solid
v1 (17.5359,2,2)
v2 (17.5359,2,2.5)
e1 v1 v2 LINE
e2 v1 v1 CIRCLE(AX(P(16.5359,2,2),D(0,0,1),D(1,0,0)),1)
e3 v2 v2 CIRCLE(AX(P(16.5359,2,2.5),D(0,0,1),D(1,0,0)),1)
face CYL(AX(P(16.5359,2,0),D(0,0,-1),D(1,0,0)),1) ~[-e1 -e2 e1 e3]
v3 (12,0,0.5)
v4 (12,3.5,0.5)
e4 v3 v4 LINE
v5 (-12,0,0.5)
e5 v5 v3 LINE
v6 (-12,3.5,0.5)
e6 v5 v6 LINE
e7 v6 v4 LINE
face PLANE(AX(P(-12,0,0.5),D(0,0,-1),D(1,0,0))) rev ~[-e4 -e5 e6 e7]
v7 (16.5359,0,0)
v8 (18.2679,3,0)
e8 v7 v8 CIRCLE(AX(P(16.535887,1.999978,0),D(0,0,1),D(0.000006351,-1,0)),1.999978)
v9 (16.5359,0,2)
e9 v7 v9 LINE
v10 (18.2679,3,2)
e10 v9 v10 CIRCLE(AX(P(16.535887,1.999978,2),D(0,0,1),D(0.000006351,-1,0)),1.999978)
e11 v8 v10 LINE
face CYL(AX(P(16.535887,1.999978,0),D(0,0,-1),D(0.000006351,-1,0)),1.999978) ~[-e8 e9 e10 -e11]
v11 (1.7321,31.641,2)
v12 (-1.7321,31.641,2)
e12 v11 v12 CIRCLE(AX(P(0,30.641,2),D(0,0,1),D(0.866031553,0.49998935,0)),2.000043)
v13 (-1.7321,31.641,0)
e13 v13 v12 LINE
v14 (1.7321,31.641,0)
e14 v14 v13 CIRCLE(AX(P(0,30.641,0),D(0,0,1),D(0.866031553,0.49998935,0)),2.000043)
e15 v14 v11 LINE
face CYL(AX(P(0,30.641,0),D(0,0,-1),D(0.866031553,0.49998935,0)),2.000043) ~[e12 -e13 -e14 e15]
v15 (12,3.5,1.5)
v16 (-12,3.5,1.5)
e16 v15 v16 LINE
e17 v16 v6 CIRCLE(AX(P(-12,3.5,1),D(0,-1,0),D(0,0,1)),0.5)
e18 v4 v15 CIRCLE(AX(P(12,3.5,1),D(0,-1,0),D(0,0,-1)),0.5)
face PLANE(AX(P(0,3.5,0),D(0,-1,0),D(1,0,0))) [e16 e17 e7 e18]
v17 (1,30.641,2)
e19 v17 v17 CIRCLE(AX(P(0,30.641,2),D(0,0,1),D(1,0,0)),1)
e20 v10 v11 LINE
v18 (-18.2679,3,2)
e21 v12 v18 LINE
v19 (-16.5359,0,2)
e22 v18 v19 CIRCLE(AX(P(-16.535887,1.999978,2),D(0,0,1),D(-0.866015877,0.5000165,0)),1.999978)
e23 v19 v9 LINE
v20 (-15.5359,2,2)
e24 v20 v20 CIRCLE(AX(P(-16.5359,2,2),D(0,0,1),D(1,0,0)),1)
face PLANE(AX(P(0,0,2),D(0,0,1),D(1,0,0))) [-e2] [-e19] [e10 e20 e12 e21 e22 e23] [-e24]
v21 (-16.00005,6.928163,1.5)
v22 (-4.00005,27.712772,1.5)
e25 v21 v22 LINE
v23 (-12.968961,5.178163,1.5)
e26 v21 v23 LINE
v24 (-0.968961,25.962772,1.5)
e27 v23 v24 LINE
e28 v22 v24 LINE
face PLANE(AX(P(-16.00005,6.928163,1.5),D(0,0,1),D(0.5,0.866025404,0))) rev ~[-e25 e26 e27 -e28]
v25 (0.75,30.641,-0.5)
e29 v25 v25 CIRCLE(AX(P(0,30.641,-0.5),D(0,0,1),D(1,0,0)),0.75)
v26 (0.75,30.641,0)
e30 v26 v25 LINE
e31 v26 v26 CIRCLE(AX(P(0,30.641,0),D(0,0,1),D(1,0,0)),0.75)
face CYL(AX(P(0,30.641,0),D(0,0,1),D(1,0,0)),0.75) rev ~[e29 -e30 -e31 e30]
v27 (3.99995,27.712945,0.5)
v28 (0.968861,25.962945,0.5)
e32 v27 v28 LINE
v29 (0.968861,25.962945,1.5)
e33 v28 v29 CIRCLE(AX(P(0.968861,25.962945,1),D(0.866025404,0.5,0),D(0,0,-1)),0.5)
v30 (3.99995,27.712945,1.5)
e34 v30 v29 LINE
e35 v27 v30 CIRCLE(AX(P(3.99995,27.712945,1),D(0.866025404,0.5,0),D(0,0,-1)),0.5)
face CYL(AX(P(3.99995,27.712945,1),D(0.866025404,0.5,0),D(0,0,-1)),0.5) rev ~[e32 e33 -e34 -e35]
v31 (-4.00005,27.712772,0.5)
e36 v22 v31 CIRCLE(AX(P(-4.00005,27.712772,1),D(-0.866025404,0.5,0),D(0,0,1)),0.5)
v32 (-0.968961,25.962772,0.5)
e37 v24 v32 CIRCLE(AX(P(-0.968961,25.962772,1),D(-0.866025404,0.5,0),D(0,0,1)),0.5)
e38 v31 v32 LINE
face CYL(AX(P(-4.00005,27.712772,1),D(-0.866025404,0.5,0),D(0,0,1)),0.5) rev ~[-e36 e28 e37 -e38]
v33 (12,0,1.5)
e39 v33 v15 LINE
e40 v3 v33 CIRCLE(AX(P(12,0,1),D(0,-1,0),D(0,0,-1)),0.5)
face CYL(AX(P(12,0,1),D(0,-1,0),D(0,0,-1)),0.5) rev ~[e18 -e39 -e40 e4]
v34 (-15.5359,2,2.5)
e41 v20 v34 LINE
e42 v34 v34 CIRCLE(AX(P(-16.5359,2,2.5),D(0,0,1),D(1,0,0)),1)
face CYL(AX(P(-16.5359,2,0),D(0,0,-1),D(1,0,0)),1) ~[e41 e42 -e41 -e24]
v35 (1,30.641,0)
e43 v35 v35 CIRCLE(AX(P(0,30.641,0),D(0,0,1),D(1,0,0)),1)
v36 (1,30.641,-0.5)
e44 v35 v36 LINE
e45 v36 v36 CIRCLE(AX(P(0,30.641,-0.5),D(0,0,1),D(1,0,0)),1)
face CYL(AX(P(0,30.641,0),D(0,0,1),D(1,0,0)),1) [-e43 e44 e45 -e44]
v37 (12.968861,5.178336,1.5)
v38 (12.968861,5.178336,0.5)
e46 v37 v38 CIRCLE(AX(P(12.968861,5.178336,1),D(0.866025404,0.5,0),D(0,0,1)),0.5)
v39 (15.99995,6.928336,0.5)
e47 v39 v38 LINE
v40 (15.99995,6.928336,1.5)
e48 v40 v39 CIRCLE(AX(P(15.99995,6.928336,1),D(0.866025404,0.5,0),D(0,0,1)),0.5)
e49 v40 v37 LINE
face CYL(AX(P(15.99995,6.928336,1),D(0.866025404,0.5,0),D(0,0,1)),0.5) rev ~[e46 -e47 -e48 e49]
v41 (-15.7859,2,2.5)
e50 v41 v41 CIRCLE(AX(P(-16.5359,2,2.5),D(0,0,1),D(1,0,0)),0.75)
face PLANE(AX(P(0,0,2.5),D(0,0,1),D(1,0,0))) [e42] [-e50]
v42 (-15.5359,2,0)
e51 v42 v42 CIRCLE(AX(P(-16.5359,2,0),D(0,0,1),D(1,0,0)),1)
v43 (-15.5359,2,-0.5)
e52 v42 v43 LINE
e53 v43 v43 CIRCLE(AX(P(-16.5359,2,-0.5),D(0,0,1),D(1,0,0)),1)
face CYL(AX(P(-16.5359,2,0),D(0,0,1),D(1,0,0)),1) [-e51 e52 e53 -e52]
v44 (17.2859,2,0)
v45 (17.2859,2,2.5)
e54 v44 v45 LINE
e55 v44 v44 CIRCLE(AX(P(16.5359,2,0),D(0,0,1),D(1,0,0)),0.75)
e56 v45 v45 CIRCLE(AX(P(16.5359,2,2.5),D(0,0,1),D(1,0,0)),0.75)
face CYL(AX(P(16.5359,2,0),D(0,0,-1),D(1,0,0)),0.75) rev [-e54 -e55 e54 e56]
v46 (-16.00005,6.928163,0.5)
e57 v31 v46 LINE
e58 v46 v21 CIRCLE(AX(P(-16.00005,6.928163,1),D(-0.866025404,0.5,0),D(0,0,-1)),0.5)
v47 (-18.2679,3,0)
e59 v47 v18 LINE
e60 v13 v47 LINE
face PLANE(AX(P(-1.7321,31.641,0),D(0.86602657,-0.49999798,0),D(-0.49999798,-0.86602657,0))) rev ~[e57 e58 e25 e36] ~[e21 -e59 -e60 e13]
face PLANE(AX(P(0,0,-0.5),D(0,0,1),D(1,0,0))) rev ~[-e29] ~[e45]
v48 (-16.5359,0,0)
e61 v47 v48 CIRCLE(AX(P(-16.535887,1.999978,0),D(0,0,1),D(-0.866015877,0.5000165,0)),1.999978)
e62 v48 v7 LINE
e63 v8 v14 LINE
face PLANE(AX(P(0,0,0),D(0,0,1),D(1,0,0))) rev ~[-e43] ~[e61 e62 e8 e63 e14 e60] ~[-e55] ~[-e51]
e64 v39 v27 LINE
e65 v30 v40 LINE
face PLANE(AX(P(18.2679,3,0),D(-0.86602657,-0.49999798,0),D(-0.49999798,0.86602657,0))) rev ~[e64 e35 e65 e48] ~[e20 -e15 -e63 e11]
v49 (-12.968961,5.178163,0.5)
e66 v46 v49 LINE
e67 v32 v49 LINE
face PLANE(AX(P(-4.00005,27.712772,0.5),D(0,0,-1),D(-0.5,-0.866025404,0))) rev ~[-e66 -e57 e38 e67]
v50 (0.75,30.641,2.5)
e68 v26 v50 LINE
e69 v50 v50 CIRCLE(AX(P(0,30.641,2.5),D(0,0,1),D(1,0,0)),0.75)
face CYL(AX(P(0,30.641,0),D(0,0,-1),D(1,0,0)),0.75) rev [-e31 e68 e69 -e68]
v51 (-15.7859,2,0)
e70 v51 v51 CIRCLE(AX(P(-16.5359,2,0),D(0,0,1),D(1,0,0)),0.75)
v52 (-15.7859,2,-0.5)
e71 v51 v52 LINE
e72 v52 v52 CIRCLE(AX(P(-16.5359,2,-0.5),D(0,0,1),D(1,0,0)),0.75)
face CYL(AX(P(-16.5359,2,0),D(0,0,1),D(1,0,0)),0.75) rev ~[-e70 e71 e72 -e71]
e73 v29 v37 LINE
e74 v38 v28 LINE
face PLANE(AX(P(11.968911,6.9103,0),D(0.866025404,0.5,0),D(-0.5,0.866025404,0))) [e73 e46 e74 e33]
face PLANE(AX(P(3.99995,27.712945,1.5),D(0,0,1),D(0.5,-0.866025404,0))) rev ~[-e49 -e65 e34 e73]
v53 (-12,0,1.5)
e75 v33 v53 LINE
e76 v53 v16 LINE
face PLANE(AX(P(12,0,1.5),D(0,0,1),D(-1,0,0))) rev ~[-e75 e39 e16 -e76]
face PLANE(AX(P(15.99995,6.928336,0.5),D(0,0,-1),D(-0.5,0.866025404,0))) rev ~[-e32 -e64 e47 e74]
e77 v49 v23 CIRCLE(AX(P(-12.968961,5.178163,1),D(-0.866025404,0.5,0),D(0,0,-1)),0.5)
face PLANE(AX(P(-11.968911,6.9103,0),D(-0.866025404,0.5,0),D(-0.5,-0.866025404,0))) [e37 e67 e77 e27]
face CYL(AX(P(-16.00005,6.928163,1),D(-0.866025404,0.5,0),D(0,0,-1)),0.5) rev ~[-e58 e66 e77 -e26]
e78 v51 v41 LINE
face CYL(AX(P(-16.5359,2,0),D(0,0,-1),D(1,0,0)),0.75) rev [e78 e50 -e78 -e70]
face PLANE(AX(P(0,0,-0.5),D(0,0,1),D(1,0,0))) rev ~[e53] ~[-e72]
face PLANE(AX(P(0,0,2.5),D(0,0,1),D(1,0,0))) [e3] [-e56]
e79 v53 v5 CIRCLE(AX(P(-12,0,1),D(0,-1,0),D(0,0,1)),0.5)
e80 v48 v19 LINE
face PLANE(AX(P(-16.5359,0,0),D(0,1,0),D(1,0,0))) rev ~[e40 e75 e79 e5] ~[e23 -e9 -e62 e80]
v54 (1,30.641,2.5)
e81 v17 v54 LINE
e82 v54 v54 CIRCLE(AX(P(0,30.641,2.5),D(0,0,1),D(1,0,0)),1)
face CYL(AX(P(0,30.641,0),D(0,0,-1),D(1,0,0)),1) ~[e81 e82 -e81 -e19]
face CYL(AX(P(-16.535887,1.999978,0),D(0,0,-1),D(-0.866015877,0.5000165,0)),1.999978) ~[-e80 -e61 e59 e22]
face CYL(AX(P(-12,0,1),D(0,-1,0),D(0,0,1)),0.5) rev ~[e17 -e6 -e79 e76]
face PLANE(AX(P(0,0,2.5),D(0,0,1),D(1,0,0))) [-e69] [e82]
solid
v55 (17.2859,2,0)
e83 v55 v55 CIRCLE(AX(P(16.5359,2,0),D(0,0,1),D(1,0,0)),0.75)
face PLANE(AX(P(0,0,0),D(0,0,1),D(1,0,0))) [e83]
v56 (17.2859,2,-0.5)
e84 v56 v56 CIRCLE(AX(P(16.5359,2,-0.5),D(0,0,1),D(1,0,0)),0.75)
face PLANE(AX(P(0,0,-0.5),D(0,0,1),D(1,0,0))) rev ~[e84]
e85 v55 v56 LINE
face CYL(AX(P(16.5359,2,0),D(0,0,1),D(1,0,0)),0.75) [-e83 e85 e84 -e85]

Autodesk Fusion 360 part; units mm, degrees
sketch "Sketch1" plane through (0, 0, 0) normal (0, 0, 1) x (1, 0, 0)
  line L0 (-16.5359, 0) -> (16.5359, 0)
  line L1 (18.2679, 3) -> (1.7321, 31.641)
  line L2 (-1.7321, 31.641) -> (-18.2679, 3)
  arc A0 (1.7321, 31.641) -> (-1.7321, 31.641) centre (0, 30.641) ccw
  arc A1 (-18.2679, 3) -> (-16.5359, 0) centre (-16.5359, 2) ccw
  arc A2 (16.5359, 0) -> (18.2679, 3) centre (16.5359, 2) ccw
  line L3 (0, 30.641) -> (0, -11) construction
  line L4 (-16.5359, 2) -> (23.2309, 24.9594) construction
  circle A3 centre (0, 30.641) radius 1
  circle A4 centre (0, 30.641) radius 0.75
  circle A5 centre (-16.5359, 2) radius 0.75
  circle A6 centre (-16.5359, 2) radius 1
  circle A7 centre (16.5359, 2) radius 0.75
  circle A8 centre (16.5359, 2) radius 1
  point P0 (0, 11.547)
  dimension "d4" = 2
  dimension "d5" = 2
  dimension "d6" = 2
  dimension "d10" = 2
  dimension "d11" = 1.5
  dimension "d13" = 360
extrude "Extrude1" add sketch "Sketch1" along normal blind 2 contours L0 L1 L2 A0 A1 A2 makes body 1
sketch "Sketch2" plane through (0, 0, 0) normal (0, -1, 0) x (1, 0, 0)
  line L0 (-16.5359, 0) -> (16.5359, 0)
  line L1 (16.5359, 0) -> (16.5359, 2)
  line L2 (16.5359, 2) -> (-16.5359, 2)
  line L3 (-16.5359, 2) -> (-16.5359, 0)
  line L4 (-12, 0.5) -> (12, 0.5)
  arc A0 (12, 0.5) -> (12, 1.5) centre (12, 1) ccw
  line L5 (12, 1.5) -> (-12, 1.5)
  arc A1 (-12, 1.5) -> (-12, 0.5) centre (-12, 1) ccw
  line L6 (-12, 1) -> (12, 1) construction
  dimension "d17" = 1
sketch "Sketch3" plane through (15, 8.6603, 0) normal (0.866, 0.5, 0) x (-0.5, 0.866, 0)
  line L0 (-6.5359, 0) -> (26.5359, 0)
  line L1 (26.5359, 0) -> (26.5359, 2)
  line L2 (26.5359, 2) -> (-6.5359, 2)
  line L3 (-6.5359, 2) -> (-6.5359, 0)
  line L4 (-1.9999, 0.5) -> (22.0001, 0.5)
  arc A0 (22.0001, 0.5) -> (22.0001, 1.5) centre (22.0001, 1) ccw
  line L5 (22.0001, 1.5) -> (-1.9999, 1.5)
  arc A1 (-1.9999, 1.5) -> (-1.9999, 0.5) centre (-1.9999, 1) ccw
  line L6 (-1.9999, 1) -> (22.0001, 1) construction
  point P0 (10.0001, 1)
  dimension "d20" = 1
sketch "Sketch4" plane through (-15, 8.6603, 0) normal (-0.866, 0.5, 0) x (-0.5, -0.866, 0)
  line L0 (-26.5359, 0) -> (6.5359, 0)
  line L1 (6.5359, 0) -> (6.5359, 2)
  line L2 (6.5359, 2) -> (-26.5359, 2)
  line L3 (-26.5359, 2) -> (-26.5359, 0)
  line L4 (-21.9999, 0.5) -> (2.0001, 0.5)
  arc A0 (2.0001, 0.5) -> (2.0001, 1.5) centre (2.0001, 1) ccw
  line L5 (2.0001, 1.5) -> (-21.9999, 1.5)
  arc A1 (-21.9999, 1.5) -> (-21.9999, 0.5) centre (-21.9999, 1) ccw
  line L6 (-21.9999, 1) -> (2.0001, 1) construction
  point P0 (-9.9999, 1)
  dimension "d23" = 1
extrude "Extrude2" add sketch "Sketch1" along normal blind 2.5 contours A8 bodies 1
extrude "Extrude3" add sketch "Sketch1" along normal blind 2.5 contours A3 bodies 1
extrude "Extrude4" add sketch "Sketch1" along normal blind 2.5 contours A6 bodies 1
extrude "Extrude5" cut sketch "Sketch3" against normal blind 3.5 contours L4 A0 L5 A1 bodies 1
extrude "Extrude6" cut sketch "Sketch4" against normal blind 3.5 contours L4 A0 L5 A1 bodies 1
extrude "Extrude7" cut sketch "Sketch2" against normal blind 3.5 contours L4 A0 L5 A1 bodies 1
extrude "Extrude8" add sketch "Sketch1" against normal blind 0.5 separate body contours A7 makes body 2
extrude "Extrude9" add sketch "Sketch1" against normal blind 0.5 contours A6 bodies 1
extrude "Extrude10" add sketch "Sketch1" against normal blind 0.5 contours A3 bodies 1
